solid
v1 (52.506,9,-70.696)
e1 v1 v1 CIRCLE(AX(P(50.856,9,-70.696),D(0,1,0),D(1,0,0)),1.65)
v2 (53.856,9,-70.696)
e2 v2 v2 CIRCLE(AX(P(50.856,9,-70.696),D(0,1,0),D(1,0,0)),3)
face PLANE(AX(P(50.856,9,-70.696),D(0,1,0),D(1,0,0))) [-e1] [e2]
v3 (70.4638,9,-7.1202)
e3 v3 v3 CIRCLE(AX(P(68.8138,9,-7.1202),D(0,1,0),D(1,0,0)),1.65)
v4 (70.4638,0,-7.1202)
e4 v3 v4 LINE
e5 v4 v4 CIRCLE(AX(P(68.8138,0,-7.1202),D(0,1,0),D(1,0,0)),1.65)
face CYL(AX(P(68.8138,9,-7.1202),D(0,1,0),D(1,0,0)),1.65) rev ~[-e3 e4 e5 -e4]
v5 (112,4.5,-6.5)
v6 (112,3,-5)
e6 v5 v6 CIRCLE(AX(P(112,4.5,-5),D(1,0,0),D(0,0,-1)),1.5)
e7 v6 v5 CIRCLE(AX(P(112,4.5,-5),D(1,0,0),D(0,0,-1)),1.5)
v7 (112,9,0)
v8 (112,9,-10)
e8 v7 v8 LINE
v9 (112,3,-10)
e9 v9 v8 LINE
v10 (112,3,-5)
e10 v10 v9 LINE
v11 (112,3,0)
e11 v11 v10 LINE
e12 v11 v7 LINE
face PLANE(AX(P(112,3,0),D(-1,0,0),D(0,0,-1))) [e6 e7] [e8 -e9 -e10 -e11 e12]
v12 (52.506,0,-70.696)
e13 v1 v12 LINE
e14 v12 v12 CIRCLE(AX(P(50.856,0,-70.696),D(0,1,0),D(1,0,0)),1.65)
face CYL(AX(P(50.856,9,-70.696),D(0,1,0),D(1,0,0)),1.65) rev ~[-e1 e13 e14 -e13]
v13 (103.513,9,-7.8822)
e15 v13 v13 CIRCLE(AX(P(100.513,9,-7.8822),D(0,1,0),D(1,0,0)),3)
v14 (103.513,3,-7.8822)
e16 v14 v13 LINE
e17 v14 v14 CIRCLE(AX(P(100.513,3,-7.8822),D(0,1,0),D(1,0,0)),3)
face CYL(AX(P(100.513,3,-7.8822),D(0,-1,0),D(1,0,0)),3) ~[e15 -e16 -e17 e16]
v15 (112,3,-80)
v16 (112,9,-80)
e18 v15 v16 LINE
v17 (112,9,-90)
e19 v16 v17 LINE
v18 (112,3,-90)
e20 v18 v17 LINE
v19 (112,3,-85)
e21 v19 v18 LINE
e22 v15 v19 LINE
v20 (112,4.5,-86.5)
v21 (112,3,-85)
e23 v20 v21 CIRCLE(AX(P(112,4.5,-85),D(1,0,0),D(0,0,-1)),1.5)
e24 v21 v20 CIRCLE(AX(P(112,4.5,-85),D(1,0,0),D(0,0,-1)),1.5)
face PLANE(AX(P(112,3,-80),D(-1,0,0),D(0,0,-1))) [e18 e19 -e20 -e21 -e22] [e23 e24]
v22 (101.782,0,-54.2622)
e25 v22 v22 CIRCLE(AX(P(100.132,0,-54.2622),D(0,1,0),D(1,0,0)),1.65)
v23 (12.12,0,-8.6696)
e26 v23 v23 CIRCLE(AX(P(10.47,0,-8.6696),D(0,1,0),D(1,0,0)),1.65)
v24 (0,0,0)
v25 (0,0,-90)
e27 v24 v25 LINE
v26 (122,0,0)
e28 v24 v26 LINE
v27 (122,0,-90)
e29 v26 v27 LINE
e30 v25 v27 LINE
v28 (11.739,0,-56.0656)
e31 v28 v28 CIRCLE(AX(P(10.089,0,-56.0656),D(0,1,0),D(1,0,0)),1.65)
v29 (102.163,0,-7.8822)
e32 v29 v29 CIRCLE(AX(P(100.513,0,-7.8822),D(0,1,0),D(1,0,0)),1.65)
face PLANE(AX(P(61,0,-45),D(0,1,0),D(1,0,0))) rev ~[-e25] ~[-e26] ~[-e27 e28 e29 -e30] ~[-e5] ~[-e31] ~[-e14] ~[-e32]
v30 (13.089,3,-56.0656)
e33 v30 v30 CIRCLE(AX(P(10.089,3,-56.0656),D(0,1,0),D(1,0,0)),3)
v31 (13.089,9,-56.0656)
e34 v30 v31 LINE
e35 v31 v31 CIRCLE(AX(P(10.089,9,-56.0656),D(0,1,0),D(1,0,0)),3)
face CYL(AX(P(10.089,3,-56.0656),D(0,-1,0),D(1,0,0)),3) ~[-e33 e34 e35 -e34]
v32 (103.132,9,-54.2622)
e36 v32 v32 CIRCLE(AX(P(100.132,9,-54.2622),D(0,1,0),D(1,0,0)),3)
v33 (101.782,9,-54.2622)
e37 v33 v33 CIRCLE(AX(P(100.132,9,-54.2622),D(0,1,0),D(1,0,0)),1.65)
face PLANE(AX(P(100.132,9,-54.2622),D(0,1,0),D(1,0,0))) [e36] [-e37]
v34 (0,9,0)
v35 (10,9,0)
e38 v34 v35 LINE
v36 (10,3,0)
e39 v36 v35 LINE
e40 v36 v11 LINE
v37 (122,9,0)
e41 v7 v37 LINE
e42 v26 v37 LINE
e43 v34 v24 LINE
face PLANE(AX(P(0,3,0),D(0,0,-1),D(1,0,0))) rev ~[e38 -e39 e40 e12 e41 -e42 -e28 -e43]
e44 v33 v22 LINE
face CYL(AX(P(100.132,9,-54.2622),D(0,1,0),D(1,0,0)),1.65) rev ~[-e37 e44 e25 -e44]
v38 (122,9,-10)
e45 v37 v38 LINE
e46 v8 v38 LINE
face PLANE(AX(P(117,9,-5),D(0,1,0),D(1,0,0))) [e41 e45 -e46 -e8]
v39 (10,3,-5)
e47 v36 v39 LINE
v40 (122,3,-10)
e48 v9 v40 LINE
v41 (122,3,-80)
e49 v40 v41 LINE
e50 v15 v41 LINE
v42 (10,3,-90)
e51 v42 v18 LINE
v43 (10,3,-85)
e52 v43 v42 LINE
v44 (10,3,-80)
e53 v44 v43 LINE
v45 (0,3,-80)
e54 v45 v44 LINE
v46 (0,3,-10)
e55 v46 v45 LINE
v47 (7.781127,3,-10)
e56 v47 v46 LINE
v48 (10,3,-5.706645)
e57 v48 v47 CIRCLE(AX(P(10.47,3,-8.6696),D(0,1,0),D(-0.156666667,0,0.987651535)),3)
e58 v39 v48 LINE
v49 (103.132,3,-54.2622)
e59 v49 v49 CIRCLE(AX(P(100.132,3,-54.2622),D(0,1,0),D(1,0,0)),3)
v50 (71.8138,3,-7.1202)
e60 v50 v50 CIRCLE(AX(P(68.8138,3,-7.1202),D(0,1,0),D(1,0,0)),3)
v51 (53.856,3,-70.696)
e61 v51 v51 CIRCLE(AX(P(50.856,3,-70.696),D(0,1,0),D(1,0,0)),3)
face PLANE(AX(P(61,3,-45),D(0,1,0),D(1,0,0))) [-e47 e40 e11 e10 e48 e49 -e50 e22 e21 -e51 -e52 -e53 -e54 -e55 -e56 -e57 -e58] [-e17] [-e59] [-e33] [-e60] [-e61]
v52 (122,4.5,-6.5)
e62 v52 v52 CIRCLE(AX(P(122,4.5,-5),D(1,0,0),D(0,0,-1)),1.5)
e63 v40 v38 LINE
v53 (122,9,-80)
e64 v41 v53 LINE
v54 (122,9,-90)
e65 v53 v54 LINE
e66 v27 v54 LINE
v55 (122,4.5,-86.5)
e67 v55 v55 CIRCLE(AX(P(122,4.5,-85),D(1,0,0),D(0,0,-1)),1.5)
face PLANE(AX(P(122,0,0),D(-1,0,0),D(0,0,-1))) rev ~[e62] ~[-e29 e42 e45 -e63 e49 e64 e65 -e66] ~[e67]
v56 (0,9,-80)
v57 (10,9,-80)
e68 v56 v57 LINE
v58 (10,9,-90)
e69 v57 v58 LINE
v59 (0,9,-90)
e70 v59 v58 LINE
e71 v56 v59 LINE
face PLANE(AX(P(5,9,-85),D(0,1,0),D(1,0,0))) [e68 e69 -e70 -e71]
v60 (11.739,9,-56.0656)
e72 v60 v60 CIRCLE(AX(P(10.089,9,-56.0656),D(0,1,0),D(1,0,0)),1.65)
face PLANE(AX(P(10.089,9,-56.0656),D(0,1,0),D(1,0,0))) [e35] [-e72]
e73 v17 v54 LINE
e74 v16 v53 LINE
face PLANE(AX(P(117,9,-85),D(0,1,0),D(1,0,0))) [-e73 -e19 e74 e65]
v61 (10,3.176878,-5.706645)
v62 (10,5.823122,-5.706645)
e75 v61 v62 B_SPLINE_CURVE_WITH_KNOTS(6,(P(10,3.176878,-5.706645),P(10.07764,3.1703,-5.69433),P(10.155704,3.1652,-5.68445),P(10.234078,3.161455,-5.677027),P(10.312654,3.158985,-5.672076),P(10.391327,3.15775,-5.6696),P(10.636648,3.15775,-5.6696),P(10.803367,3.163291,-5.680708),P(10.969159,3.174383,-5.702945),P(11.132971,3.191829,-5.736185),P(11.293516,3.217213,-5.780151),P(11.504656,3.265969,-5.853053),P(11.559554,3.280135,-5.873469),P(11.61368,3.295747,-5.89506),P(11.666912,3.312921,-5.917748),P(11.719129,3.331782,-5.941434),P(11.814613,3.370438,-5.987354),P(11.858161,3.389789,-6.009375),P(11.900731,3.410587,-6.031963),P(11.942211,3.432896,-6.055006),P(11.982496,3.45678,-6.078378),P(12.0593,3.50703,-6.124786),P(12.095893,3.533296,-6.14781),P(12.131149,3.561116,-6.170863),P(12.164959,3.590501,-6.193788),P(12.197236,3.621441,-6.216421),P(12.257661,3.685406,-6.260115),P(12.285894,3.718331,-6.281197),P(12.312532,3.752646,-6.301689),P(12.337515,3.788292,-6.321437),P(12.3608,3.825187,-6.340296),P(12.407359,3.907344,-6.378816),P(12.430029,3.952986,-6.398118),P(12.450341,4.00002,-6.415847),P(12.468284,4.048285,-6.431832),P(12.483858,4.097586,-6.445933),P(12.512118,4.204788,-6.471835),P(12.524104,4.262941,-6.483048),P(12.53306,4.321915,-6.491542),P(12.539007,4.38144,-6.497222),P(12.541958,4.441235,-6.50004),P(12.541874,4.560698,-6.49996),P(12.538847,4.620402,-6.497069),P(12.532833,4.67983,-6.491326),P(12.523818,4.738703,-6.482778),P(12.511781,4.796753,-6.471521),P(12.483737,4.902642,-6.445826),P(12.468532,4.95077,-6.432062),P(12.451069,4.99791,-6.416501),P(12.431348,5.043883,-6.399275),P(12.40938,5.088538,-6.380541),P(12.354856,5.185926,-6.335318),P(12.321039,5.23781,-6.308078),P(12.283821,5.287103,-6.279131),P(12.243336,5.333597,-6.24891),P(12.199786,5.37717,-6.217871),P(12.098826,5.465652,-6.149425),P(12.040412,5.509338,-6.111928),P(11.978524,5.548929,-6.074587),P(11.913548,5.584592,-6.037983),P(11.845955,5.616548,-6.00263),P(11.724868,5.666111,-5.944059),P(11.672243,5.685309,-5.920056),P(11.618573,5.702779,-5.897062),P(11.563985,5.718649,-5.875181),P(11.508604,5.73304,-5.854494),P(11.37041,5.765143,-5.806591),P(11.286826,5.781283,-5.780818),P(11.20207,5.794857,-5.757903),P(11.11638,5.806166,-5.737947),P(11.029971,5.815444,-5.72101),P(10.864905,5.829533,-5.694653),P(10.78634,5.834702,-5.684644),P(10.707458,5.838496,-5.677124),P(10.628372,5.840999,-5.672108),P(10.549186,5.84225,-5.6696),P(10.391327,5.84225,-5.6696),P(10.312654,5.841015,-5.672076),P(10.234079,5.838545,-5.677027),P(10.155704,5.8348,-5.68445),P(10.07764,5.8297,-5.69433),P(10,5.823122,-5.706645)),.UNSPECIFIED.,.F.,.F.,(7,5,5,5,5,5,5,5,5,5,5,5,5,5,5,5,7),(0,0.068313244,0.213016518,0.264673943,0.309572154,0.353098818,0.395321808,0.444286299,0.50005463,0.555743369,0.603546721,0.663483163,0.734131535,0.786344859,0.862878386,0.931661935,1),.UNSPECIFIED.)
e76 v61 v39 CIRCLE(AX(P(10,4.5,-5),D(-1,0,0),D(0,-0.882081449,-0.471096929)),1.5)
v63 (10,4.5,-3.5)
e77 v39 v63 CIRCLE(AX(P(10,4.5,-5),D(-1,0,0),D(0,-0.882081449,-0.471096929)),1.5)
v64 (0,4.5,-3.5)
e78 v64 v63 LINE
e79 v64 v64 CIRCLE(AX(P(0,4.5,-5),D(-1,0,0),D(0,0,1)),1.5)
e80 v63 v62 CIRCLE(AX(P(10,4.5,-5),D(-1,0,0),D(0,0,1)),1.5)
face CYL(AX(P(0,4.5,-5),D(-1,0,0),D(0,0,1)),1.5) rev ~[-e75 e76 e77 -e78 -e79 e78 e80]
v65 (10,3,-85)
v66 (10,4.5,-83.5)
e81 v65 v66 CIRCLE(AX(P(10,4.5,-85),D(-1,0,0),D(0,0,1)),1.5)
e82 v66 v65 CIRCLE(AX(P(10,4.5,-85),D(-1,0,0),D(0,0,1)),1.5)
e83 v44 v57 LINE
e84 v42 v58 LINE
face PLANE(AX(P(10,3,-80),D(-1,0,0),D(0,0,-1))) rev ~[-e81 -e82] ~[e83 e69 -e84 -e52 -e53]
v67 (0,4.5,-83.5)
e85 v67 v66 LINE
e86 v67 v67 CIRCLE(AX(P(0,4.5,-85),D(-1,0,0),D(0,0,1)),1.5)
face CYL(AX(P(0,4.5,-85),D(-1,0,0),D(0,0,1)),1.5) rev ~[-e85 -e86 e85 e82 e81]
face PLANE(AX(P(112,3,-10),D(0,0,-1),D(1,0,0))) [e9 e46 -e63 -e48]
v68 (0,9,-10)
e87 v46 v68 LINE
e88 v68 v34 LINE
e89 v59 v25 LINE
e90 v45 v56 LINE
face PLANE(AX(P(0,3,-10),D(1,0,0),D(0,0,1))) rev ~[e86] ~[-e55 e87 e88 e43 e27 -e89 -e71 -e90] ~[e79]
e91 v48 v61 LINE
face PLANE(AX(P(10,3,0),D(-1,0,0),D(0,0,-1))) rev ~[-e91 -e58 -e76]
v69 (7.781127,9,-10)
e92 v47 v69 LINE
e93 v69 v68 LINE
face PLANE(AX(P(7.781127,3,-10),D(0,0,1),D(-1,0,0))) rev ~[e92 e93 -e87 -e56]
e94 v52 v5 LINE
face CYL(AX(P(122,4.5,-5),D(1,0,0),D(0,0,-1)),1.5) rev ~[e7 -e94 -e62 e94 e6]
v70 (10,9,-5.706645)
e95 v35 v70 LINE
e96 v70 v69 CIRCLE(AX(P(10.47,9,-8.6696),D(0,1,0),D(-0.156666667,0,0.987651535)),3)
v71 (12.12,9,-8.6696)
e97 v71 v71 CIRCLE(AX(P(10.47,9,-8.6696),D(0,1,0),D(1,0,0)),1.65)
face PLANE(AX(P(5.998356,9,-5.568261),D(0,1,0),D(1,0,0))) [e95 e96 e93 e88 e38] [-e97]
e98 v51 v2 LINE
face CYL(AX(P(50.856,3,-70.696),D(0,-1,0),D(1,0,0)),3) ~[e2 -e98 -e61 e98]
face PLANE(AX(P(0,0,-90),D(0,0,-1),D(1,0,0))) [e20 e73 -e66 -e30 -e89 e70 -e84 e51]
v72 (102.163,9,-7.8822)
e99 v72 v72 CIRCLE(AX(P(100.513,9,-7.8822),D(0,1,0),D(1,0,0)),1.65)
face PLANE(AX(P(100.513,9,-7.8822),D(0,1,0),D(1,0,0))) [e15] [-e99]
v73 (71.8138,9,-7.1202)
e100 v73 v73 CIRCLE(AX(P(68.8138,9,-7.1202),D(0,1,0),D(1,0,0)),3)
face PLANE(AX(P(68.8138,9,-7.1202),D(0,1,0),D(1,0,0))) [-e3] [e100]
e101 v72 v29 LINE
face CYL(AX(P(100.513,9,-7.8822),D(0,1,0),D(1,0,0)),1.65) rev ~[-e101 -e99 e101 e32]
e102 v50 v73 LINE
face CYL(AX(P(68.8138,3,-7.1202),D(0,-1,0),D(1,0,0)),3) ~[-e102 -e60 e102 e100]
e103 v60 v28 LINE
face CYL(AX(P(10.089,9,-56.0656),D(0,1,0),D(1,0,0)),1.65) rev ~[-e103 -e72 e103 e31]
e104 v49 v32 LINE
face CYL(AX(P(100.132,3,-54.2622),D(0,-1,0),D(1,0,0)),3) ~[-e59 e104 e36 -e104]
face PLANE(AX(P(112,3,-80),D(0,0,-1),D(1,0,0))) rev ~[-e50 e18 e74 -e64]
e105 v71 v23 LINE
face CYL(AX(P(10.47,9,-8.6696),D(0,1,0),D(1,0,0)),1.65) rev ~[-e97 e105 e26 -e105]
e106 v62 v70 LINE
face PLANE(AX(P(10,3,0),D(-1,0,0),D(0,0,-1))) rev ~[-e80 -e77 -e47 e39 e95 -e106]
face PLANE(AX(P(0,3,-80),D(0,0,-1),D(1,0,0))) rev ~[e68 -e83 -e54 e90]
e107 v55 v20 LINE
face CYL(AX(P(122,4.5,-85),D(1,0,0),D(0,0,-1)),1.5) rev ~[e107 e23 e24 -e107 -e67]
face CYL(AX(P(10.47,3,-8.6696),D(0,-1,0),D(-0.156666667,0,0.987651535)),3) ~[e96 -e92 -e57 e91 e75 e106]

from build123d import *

# Parameters (mm, degrees)
SKETCH1_W           = 122
SKETCH1_H           = 90
BOSS_EXTRUDE1_DEPTH = 3
SKETCH2_R           = 3
SKETCH2_W           = 10
SKETCH2_H           = 10
BOSS_EXTRUDE2_DEPTH = 6
SKETCH3_R           = 1.65
CUT_EXTRUDE1_DEPTH  = 26
CUT_EXTRUDE2_REACH  = 124
SKETCH4_R           = 1.5
CUT_EXTRUDE3_REACH  = 124
SKETCH5_R           = 1.5


with BuildPart() as part:
    # Sketch1 → Boss-Extrude1 (new body)
    with BuildSketch(Plane(origin=(0, 0, 0), x_dir=(1, 0, 0), z_dir=(0, 1, 0))):
        with Locations((61, 45)):
            Rectangle(SKETCH1_W, SKETCH1_H)
    extrude(amount=BOSS_EXTRUDE1_DEPTH)

    # Sketch2 → Boss-Extrude2 (add)
    with BuildSketch(Plane(origin=(0, 3, 0), x_dir=(1, 0, 0), z_dir=(0, 1, 0))):
        with Locations((68.8138, 7.1202)):
            Circle(SKETCH2_R)
        with Locations((100.513, 7.8822)):
            Circle(SKETCH2_R)
        with Locations((10.089, 56.0656)):
            Circle(SKETCH2_R)
        with Locations((100.132, 54.2622)):
            Circle(SKETCH2_R)
        with Locations((50.856, 70.696)):
            Circle(SKETCH2_R)
        with BuildLine():
            Line((0, 0), (10, 0))
            Line((10, 0), (10, 5.706645394))
            ThreePointArc((10, 5.706645394), (13.135115844, 10.046973419), (7.781127404, 10))
            Line((7.781127404, 10), (0, 10))
            Line((0, 10), (0, 0))
        make_face()
        with Locations((5, 85)):
            Rectangle(SKETCH2_W, SKETCH2_H)
        with Locations((117, 85)):
            Rectangle(SKETCH2_W, SKETCH2_H)
        with Locations((117, 5)):
            Rectangle(SKETCH2_W, SKETCH2_H)
    extrude(amount=BOSS_EXTRUDE2_DEPTH)

    # Sketch3 → Cut-Extrude1 (cut)
    with BuildSketch(Plane(origin=(0, 9, 0), x_dir=(1, 0, 0), z_dir=(0, 1, 0))):
        with Locations((10.089, 56.0656)):
            Circle(SKETCH3_R)
        with Locations((50.856, 70.696)):
            Circle(SKETCH3_R)
        with Locations((100.132, 54.2622)):
            Circle(SKETCH3_R)
        with Locations((100.513, 7.8822)):
            Circle(SKETCH3_R)
        with Locations((68.8138, 7.1202)):
            Circle(SKETCH3_R)
        with Locations((10.47, 8.6696)):
            Circle(SKETCH3_R)
    extrude(amount=-CUT_EXTRUDE1_DEPTH, mode=Mode.SUBTRACT)

    # Sketch4 → Cut-Extrude2 (cut, up to next)
    with BuildSketch(Plane.ZY, mode=Mode.PRIVATE) as cut_extrude2_sk1:
        with Locations((-85, 4.5)):
            Circle(SKETCH4_R)
    cut_extrude2_tool1 = extrude(cut_extrude2_sk1.sketch, amount=-CUT_EXTRUDE2_REACH, mode=Mode.PRIVATE) & part.part
    add(cut_extrude2_tool1.solids().sort_by_distance((0, 4.5, -85))[0], mode=Mode.SUBTRACT)
    # Sketch4 → Cut-Extrude2 (cut, up to next)
    with BuildSketch(Plane.ZY, mode=Mode.PRIVATE) as cut_extrude2_sk2:
        with Locations((-5, 4.5)):
            Circle(SKETCH4_R)
    cut_extrude2_tool2 = extrude(cut_extrude2_sk2.sketch, amount=-CUT_EXTRUDE2_REACH, mode=Mode.PRIVATE) & part.part
    add(cut_extrude2_tool2.solids().sort_by_distance((0, 4.5, -5))[0], mode=Mode.SUBTRACT)

    # Sketch5 → Cut-Extrude3 (cut, up to next)
    with BuildSketch(Plane(origin=(122, 0, 0), x_dir=(0, 0, -1), z_dir=(1, 0, 0)), mode=Mode.PRIVATE) as cut_extrude3_sk1:
        with Locations((85, 4.5)):
            Circle(SKETCH5_R)
    cut_extrude3_tool1 = extrude(cut_extrude3_sk1.sketch, amount=-CUT_EXTRUDE3_REACH, mode=Mode.PRIVATE) & part.part
    add(cut_extrude3_tool1.solids().sort_by_distance((122, 4.5, -85))[0], mode=Mode.SUBTRACT)
    # Sketch5 → Cut-Extrude3 (cut, up to next)
    with BuildSketch(Plane(origin=(122, 0, 0), x_dir=(0, 0, -1), z_dir=(1, 0, 0)), mode=Mode.PRIVATE) as cut_extrude3_sk2:
        with Locations((5, 4.5)):
            Circle(SKETCH5_R)
    cut_extrude3_tool2 = extrude(cut_extrude3_sk2.sketch, amount=-CUT_EXTRUDE3_REACH, mode=Mode.PRIVATE) & part.part
    add(cut_extrude3_tool2.solids().sort_by_distance((122, 4.5, -5))[0], mode=Mode.SUBTRACT)


solid = part.part
